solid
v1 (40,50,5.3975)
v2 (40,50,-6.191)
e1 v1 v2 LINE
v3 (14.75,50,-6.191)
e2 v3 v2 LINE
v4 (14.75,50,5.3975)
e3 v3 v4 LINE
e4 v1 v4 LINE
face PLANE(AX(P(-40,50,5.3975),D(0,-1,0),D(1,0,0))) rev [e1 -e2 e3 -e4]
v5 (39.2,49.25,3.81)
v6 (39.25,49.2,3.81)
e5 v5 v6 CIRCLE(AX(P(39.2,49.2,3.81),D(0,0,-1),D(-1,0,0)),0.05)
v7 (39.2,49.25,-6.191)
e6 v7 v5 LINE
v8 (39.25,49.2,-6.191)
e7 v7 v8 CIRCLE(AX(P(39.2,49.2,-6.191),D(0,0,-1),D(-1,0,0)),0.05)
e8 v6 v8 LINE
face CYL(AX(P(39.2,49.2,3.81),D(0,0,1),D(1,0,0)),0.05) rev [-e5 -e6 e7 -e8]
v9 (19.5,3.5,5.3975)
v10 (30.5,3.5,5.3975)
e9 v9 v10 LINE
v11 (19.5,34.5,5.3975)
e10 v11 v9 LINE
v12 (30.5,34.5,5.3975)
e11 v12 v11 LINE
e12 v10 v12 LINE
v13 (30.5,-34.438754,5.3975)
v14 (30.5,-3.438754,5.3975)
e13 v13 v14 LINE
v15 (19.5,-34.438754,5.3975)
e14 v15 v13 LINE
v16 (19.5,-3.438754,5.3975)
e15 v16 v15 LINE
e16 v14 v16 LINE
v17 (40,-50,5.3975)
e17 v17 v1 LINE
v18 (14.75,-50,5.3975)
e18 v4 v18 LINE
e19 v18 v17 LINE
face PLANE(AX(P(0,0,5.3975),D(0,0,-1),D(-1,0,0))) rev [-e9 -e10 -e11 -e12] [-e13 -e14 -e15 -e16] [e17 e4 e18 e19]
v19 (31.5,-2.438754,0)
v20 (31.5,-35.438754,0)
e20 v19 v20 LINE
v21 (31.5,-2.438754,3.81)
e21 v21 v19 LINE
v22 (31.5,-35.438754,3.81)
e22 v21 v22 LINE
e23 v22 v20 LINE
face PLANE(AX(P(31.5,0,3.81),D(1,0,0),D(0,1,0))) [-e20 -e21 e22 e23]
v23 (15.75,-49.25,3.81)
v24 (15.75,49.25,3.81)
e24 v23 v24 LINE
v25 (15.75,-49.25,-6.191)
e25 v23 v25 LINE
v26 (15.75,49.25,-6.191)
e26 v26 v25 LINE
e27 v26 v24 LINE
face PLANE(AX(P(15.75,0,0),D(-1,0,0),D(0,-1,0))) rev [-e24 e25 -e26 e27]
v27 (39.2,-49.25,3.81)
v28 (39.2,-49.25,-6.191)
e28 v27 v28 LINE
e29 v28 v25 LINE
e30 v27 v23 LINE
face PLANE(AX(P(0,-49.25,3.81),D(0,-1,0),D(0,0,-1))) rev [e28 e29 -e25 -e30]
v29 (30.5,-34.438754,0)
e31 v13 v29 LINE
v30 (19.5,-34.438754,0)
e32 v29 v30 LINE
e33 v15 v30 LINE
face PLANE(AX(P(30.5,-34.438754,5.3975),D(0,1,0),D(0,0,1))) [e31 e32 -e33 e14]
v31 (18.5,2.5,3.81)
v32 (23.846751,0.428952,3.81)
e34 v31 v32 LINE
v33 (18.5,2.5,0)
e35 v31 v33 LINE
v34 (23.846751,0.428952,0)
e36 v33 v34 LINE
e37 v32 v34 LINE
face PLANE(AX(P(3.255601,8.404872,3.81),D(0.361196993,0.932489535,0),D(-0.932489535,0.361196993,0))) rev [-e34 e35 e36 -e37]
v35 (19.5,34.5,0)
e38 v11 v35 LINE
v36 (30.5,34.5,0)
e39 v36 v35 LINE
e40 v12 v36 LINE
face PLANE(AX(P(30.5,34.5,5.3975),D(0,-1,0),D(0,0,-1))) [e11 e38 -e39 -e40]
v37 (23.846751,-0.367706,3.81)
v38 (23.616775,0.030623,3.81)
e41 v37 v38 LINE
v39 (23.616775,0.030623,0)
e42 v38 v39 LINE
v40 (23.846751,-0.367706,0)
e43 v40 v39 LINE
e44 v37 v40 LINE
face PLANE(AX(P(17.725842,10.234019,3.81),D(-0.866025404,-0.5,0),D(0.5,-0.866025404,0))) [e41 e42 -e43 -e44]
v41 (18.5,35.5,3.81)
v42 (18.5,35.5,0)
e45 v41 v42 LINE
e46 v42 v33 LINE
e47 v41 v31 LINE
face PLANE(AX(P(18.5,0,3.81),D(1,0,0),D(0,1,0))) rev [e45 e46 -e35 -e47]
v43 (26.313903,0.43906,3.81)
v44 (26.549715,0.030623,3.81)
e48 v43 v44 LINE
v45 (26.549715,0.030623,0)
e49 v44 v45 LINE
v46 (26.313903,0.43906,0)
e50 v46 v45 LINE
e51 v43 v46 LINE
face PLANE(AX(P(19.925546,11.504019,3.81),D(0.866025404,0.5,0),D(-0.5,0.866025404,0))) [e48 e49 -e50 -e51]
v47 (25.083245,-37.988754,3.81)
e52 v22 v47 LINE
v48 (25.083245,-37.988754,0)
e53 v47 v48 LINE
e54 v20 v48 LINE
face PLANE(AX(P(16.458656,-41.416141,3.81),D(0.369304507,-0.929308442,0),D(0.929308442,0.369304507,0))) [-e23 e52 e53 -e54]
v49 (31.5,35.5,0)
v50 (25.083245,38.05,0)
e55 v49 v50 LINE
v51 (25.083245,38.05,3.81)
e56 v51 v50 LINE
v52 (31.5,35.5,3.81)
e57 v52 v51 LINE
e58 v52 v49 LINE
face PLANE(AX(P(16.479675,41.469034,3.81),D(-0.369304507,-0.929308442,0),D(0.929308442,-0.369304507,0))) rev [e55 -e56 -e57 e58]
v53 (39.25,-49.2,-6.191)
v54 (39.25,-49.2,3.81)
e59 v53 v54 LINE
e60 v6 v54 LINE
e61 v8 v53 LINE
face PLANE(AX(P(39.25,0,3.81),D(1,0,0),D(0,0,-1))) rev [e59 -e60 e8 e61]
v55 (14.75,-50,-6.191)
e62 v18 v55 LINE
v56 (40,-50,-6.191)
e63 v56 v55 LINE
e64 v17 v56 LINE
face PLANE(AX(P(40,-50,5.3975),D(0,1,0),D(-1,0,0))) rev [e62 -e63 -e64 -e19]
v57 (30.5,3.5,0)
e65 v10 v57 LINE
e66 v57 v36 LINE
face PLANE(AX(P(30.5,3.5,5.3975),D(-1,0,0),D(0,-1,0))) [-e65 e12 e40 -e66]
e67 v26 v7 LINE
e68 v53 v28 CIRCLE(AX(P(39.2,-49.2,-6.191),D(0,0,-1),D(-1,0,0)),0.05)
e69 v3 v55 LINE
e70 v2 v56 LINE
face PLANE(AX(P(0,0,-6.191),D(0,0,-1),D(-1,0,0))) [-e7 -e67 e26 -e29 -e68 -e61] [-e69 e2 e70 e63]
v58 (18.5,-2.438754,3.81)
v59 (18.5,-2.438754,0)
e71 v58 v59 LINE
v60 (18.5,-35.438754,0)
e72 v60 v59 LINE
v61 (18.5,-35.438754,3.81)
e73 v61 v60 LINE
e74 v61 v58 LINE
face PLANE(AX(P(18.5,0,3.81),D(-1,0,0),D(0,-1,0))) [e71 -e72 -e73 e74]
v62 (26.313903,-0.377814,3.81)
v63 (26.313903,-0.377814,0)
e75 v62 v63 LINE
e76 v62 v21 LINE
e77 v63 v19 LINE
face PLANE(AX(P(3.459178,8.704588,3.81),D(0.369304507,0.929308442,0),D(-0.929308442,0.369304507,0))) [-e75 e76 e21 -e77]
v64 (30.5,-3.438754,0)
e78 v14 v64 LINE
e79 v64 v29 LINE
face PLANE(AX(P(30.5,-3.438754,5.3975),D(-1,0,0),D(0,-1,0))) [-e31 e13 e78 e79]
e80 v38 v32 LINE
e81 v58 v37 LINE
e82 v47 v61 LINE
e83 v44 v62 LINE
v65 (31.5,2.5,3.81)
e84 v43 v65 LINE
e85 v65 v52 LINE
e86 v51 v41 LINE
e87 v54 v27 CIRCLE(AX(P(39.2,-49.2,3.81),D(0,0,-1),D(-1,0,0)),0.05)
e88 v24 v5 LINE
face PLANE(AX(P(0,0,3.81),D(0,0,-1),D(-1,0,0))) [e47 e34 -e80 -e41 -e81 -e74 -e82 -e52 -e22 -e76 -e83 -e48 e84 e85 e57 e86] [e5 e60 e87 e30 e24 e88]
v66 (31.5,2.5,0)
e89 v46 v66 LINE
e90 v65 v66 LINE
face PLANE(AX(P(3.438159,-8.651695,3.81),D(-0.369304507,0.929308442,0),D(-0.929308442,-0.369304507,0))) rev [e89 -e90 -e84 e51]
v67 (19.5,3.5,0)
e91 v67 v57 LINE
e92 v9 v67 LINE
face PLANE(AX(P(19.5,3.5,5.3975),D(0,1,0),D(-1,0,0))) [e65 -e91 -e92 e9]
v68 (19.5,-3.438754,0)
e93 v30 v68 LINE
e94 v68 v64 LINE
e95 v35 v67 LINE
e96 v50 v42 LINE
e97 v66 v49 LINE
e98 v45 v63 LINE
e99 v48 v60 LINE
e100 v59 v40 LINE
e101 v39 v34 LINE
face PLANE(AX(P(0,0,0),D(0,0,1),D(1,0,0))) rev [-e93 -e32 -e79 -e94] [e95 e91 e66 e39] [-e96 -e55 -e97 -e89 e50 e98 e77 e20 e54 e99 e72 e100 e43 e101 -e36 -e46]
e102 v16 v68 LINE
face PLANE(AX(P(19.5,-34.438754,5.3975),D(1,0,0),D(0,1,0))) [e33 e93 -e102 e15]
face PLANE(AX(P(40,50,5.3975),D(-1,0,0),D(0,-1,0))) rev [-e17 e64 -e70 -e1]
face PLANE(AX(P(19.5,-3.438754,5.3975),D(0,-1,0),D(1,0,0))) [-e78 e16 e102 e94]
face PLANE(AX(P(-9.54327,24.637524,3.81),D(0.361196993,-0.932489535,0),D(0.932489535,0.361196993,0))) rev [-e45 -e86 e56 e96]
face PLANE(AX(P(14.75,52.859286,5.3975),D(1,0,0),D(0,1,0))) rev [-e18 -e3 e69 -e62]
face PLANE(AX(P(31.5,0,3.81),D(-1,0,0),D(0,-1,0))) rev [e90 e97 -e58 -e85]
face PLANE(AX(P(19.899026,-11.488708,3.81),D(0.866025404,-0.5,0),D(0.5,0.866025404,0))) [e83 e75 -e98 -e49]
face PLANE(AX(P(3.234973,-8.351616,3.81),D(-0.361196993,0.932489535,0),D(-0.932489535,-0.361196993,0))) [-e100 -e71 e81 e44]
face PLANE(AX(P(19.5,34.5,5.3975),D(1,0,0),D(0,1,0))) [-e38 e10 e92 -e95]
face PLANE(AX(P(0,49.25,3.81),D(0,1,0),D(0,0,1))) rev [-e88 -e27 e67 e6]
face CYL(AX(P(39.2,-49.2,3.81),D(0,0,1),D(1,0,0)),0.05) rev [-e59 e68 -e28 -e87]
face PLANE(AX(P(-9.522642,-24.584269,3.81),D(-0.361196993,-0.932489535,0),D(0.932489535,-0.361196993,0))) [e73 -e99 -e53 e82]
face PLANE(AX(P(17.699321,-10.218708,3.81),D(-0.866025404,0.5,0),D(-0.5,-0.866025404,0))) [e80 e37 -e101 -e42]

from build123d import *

# Parameters (mm, degrees)
SKETCH1_W               = 11
SKETCH1_H               = 31
BOSS_EXTRUDE1_DEPTH     = 3.81
SKETCH1_W_2             = 31
SKETCH1_H_2             = 11
BOSS_EXTRUDE1_2_DEPTH   = 3.81
BOSS_EXTRUDE1_3_DEPTH   = 3.81
BOSS_EXTRUDE1_4_DEPTH   = 3.81
BOSS_EXTRUDE1_5_DEPTH   = 3.81
SKETCH1_W_3             = 80
SKETCH1_H_3             = 100
SKETCH1_W_4             = 78.5
SKETCH1_H_4             = 98.5
BOSS_EXTRUDE1_6_DEPTH   = 3.81
SKETCH3_W               = 80
SKETCH3_H               = 100
SKETCH3_W_2             = 31
SKETCH3_H_2             = 11
SKETCH3_W_3             = 11
SKETCH3_H_3             = 31
BOSS_EXTRUDE2_DEPTH     = 1.5875
FILLET1_R               = 0.05
SKETCH4_W               = 80
SKETCH4_H               = 100
BOSS_EXTRUDE3_DEPTH     = 6.191
CUT_EXTRUDE1_DEPTH      = 65.807561295
CUT_EXTRUDE1_DEPTH_BACK = 65.807561295
SKETCH5_W               = 56.628696971
SKETCH5_H               = 106.323278981
CUT_EXTRUDE2_DEPTH      = 3.81
SKETCH7_W               = 1.5875
SKETCH7_H               = 11
BOSS_EXTRUDE4_DEPTH     = 0.75
SKETCH8_W               = 11.5885
SKETCH8_H               = 100
BOSS_EXTRUDE5_DEPTH     = 1


with BuildPart() as part:
    # Sketch1 → Boss-Extrude1 (new body)
    with BuildSketch(Plane.XY):
        Polygon((-26.313903431, 0.439060111), (-31.5, 2.5), (-31.5, 35.5), (-25.083245041, 38.05), (-18.5, 35.5), (-18.5, 2.5), (-23.846750882, 0.428952262), (-23.616775358, 0.03062297), (-23.846750882, -0.367706323), (-18.5, -2.438754061), (-18.5, -35.438754061), (-25.083245041, -37.988754061), (-31.5, -35.438754061), (-31.5, -2.438754061), (-26.313903431, -0.377814172), (-26.549714725, 0.03062297), align=None)
        with Locations((-25, -18.938754061)):
            Rectangle(SKETCH1_W, SKETCH1_H, mode=Mode.SUBTRACT)
        with Locations((-25, 19)):
            Rectangle(SKETCH1_W, SKETCH1_H, mode=Mode.SUBTRACT)
    extrude(amount=BOSS_EXTRUDE1_DEPTH)



with BuildPart() as body_2:
    # Sketch1 → Boss-Extrude1 2 (new body)
    with BuildSketch(Plane.XY):
        Polygon((-19.05, 0.03062297), (-16.5, 6.5), (16.5, 6.5), (19.05, 0.03062297), (16.5, -6.438754061), (-16.5, -6.438754061), align=None)
        Rectangle(SKETCH1_W_2, SKETCH1_H_2, mode=Mode.SUBTRACT)
    extrude(amount=BOSS_EXTRUDE1_2_DEPTH)


with BuildPart() as body_3:
    # Sketch1 → Boss-Extrude1 3 (new body)
    with BuildSketch(Plane.XY):
        Polygon((26.313903431, 0.439060111), (26.549714725, 0.03062297), (26.313903431, -0.377814172), (31.5, -2.438754061), (31.5, -35.438754061), (25.083245041, -37.988754061), (18.5, -35.438754061), (18.5, -2.438754061), (23.846750882, -0.367706323), (23.616775358, 0.03062297), (23.846750882, 0.428952262), (18.5, 2.5), (18.5, 35.5), (25.083245041, 38.05), (31.5, 35.5), (31.5, 2.5), align=None)
        with Locations((25, 19)):
            Rectangle(SKETCH1_W, SKETCH1_H, mode=Mode.SUBTRACT)
        with Locations((25, -18.938754061)):
            Rectangle(SKETCH1_W, SKETCH1_H, mode=Mode.SUBTRACT)
    extrude(amount=BOSS_EXTRUDE1_3_DEPTH)


with BuildPart() as body_4:
    # Sketch1 → Boss-Extrude1 4 (new body)
    with BuildSketch(Plane.XY):
        Polygon((-16.5, 31.52602227), (-19.05, 38.013011135), (-16.5, 44.5), (16.5, 44.5), (19.05, 38.013011135), (16.5, 31.52602227), align=None)
        with Locations((0, 38)):
            Rectangle(SKETCH1_W_2, SKETCH1_H_2, mode=Mode.SUBTRACT)
    extrude(amount=BOSS_EXTRUDE1_4_DEPTH)


with BuildPart() as body_5:
    # Sketch1 → Boss-Extrude1 5 (new body)
    with BuildSketch(Plane.XY):
        Polygon((16.5, -31.464776331), (19.05, -37.951765196), (16.5, -44.438754061), (-16.5, -44.438754061), (-19.05, -37.951765196), (-16.5, -31.464776331), align=None)
        with Locations((0, -37.938754061)):
            Rectangle(SKETCH1_W_2, SKETCH1_H_2, mode=Mode.SUBTRACT)
    extrude(amount=BOSS_EXTRUDE1_5_DEPTH)


with BuildPart() as body_6:
    # Sketch1 → Boss-Extrude1 6 (new body)
    with BuildSketch(Plane.XY):
        Rectangle(SKETCH1_W_3, SKETCH1_H_3)
        Rectangle(SKETCH1_W_4, SKETCH1_H_4, mode=Mode.SUBTRACT)
    extrude(amount=BOSS_EXTRUDE1_6_DEPTH)


with BuildPart() as part_1:
    add(part.part)

    add(body_2.part)  # Boss-Extrude2 merges body 2

    add(body_3.part)  # Boss-Extrude2 merges body 3

    add(body_4.part)  # Boss-Extrude2 merges body 4

    add(body_5.part)  # Boss-Extrude2 merges body 5

    add(body_6.part)  # Boss-Extrude2 merges body 6
    # Sketch3 → Boss-Extrude2 (add)
    with BuildSketch(Plane.XY.offset(3.81)):
        Rectangle(SKETCH3_W, SKETCH3_H)
        with Locations((0, -37.938754061)):
            Rectangle(SKETCH3_W_2, SKETCH3_H_2, mode=Mode.SUBTRACT)
        Rectangle(SKETCH3_W_2, SKETCH3_H_2, mode=Mode.SUBTRACT)
        with Locations((-25, -18.938754061)):
            Rectangle(SKETCH3_W_3, SKETCH3_H_3, mode=Mode.SUBTRACT)
        with Locations((-25, 19)):
            Rectangle(SKETCH3_W_3, SKETCH3_H_3, mode=Mode.SUBTRACT)
        with Locations((0, 38)):
            Rectangle(SKETCH3_W_2, SKETCH3_H_2, mode=Mode.SUBTRACT)
        with Locations((25, 19)):
            Rectangle(SKETCH3_W_3, SKETCH3_H_3, mode=Mode.SUBTRACT)
        with Locations((25, -18.938754061)):
            Rectangle(SKETCH3_W_3, SKETCH3_H_3, mode=Mode.SUBTRACT)
    extrude(amount=BOSS_EXTRUDE2_DEPTH)

    # Fillet1
    fillet1_edges = [part_1.edges().sort_by_distance(p)[0] for p in [
        (39.25, 49.25, 1.905),
        (39.25, -49.25, 1.905),
        (-39.25, -49.25, 1.905),
        (-39.25, 49.25, 1.905),
    ]]
    fillet(fillet1_edges, radius=FILLET1_R)

    # Sketch4 → Boss-Extrude3 (add)
    with BuildSketch(Plane(origin=(0, 0, 0), x_dir=(-1, 0, 0), z_dir=(0, 0, -1))):
        Rectangle(SKETCH4_W, SKETCH4_H)
        with BuildLine():
            Line((-39.2, -49.25), (39.2, -49.25))
            ThreePointArc((39.2, -49.25), (39.235355339, -49.235355339), (39.25, -49.2))
            Line((39.25, -49.2), (39.25, 49.2))
            ThreePointArc((39.25, 49.2), (39.235355339, 49.235355339), (39.2, 49.25))
            Line((39.2, 49.25), (-39.2, 49.25))
            ThreePointArc((-39.2, 49.25), (-39.235355339, 49.235355339), (-39.25, 49.2))
            Line((-39.25, 49.2), (-39.25, -49.2))
            ThreePointArc((-39.25, -49.2), (-39.235355339, -49.235355339), (-39.2, -49.25))
        make_face(mode=Mode.SUBTRACT)
    extrude(amount=BOSS_EXTRUDE3_DEPTH)

    # Sketch5 → Cut-Extrude1 (cut, two sides: drawn at the far end of the back side and taken through both)
    with BuildSketch(Plane(origin=(0, 0, 3.81), x_dir=(-1, 0, 0), z_dir=(0, 0, -1)).offset(-CUT_EXTRUDE1_DEPTH_BACK)):
        with Locations((13.564348486, -0.302353259)):
            Rectangle(SKETCH5_W, SKETCH5_H)
    extrude(amount=CUT_EXTRUDE1_DEPTH + CUT_EXTRUDE1_DEPTH_BACK, mode=Mode.SUBTRACT)

    # Sketch6 → Cut-Extrude2 (cut)
    with BuildSketch(Plane(origin=(0, 0, 0), x_dir=(-1, 0, 0), z_dir=(0, 0, -1))):
        Polygon((-16.5, -44.438754061), (-14.75, -44.438754061), (-14.75, -43.438754061), (-15.5, -43.438754061), (-15.5, -32.438754061), (-14.75, -32.438754061), (-14.75, -31.464776331), (-16.5, -31.464776331), (-19.05, -37.951765196), align=None)
        Polygon((-16.5, -6.438754061), (-14.75, -6.438754061), (-14.75, -5.5), (-15.5, -5.5), (-15.5, 5.5), (-14.75, 5.5), (-14.75, 6.5), (-16.5, 6.5), (-19.05, 0.03062297), align=None)
        Polygon((-16.5, 31.52602227), (-14.75, 31.52602227), (-14.75, 32.5), (-15.5, 32.5), (-15.5, 43.5), (-14.75, 43.5), (-14.75, 44.5), (-16.5, 44.5), (-19.05, 38.013011135), align=None)
    extrude(amount=-CUT_EXTRUDE2_DEPTH, mode=Mode.SUBTRACT)

    # Sketch7 → Boss-Extrude4 (add)
    with BuildSketch(Plane.ZY.offset(-15.5)):
        with Locations((4.60375, 38)):
            Rectangle(SKETCH7_W, SKETCH7_H)
        with Locations((4.60375, 0)):
            Rectangle(SKETCH7_W, SKETCH7_H)
        with Locations((4.60375, -37.938754061)):
            Rectangle(SKETCH7_W, SKETCH7_H)
    extrude(amount=BOSS_EXTRUDE4_DEPTH)

    # Sketch8 → Boss-Extrude5 (add)
    with BuildSketch(Plane.ZY.offset(-14.75)):
        with Locations((-0.39675, 0)):
            Rectangle(SKETCH8_W, SKETCH8_H)
    extrude(amount=-BOSS_EXTRUDE5_DEPTH)


solid = part_1.part
